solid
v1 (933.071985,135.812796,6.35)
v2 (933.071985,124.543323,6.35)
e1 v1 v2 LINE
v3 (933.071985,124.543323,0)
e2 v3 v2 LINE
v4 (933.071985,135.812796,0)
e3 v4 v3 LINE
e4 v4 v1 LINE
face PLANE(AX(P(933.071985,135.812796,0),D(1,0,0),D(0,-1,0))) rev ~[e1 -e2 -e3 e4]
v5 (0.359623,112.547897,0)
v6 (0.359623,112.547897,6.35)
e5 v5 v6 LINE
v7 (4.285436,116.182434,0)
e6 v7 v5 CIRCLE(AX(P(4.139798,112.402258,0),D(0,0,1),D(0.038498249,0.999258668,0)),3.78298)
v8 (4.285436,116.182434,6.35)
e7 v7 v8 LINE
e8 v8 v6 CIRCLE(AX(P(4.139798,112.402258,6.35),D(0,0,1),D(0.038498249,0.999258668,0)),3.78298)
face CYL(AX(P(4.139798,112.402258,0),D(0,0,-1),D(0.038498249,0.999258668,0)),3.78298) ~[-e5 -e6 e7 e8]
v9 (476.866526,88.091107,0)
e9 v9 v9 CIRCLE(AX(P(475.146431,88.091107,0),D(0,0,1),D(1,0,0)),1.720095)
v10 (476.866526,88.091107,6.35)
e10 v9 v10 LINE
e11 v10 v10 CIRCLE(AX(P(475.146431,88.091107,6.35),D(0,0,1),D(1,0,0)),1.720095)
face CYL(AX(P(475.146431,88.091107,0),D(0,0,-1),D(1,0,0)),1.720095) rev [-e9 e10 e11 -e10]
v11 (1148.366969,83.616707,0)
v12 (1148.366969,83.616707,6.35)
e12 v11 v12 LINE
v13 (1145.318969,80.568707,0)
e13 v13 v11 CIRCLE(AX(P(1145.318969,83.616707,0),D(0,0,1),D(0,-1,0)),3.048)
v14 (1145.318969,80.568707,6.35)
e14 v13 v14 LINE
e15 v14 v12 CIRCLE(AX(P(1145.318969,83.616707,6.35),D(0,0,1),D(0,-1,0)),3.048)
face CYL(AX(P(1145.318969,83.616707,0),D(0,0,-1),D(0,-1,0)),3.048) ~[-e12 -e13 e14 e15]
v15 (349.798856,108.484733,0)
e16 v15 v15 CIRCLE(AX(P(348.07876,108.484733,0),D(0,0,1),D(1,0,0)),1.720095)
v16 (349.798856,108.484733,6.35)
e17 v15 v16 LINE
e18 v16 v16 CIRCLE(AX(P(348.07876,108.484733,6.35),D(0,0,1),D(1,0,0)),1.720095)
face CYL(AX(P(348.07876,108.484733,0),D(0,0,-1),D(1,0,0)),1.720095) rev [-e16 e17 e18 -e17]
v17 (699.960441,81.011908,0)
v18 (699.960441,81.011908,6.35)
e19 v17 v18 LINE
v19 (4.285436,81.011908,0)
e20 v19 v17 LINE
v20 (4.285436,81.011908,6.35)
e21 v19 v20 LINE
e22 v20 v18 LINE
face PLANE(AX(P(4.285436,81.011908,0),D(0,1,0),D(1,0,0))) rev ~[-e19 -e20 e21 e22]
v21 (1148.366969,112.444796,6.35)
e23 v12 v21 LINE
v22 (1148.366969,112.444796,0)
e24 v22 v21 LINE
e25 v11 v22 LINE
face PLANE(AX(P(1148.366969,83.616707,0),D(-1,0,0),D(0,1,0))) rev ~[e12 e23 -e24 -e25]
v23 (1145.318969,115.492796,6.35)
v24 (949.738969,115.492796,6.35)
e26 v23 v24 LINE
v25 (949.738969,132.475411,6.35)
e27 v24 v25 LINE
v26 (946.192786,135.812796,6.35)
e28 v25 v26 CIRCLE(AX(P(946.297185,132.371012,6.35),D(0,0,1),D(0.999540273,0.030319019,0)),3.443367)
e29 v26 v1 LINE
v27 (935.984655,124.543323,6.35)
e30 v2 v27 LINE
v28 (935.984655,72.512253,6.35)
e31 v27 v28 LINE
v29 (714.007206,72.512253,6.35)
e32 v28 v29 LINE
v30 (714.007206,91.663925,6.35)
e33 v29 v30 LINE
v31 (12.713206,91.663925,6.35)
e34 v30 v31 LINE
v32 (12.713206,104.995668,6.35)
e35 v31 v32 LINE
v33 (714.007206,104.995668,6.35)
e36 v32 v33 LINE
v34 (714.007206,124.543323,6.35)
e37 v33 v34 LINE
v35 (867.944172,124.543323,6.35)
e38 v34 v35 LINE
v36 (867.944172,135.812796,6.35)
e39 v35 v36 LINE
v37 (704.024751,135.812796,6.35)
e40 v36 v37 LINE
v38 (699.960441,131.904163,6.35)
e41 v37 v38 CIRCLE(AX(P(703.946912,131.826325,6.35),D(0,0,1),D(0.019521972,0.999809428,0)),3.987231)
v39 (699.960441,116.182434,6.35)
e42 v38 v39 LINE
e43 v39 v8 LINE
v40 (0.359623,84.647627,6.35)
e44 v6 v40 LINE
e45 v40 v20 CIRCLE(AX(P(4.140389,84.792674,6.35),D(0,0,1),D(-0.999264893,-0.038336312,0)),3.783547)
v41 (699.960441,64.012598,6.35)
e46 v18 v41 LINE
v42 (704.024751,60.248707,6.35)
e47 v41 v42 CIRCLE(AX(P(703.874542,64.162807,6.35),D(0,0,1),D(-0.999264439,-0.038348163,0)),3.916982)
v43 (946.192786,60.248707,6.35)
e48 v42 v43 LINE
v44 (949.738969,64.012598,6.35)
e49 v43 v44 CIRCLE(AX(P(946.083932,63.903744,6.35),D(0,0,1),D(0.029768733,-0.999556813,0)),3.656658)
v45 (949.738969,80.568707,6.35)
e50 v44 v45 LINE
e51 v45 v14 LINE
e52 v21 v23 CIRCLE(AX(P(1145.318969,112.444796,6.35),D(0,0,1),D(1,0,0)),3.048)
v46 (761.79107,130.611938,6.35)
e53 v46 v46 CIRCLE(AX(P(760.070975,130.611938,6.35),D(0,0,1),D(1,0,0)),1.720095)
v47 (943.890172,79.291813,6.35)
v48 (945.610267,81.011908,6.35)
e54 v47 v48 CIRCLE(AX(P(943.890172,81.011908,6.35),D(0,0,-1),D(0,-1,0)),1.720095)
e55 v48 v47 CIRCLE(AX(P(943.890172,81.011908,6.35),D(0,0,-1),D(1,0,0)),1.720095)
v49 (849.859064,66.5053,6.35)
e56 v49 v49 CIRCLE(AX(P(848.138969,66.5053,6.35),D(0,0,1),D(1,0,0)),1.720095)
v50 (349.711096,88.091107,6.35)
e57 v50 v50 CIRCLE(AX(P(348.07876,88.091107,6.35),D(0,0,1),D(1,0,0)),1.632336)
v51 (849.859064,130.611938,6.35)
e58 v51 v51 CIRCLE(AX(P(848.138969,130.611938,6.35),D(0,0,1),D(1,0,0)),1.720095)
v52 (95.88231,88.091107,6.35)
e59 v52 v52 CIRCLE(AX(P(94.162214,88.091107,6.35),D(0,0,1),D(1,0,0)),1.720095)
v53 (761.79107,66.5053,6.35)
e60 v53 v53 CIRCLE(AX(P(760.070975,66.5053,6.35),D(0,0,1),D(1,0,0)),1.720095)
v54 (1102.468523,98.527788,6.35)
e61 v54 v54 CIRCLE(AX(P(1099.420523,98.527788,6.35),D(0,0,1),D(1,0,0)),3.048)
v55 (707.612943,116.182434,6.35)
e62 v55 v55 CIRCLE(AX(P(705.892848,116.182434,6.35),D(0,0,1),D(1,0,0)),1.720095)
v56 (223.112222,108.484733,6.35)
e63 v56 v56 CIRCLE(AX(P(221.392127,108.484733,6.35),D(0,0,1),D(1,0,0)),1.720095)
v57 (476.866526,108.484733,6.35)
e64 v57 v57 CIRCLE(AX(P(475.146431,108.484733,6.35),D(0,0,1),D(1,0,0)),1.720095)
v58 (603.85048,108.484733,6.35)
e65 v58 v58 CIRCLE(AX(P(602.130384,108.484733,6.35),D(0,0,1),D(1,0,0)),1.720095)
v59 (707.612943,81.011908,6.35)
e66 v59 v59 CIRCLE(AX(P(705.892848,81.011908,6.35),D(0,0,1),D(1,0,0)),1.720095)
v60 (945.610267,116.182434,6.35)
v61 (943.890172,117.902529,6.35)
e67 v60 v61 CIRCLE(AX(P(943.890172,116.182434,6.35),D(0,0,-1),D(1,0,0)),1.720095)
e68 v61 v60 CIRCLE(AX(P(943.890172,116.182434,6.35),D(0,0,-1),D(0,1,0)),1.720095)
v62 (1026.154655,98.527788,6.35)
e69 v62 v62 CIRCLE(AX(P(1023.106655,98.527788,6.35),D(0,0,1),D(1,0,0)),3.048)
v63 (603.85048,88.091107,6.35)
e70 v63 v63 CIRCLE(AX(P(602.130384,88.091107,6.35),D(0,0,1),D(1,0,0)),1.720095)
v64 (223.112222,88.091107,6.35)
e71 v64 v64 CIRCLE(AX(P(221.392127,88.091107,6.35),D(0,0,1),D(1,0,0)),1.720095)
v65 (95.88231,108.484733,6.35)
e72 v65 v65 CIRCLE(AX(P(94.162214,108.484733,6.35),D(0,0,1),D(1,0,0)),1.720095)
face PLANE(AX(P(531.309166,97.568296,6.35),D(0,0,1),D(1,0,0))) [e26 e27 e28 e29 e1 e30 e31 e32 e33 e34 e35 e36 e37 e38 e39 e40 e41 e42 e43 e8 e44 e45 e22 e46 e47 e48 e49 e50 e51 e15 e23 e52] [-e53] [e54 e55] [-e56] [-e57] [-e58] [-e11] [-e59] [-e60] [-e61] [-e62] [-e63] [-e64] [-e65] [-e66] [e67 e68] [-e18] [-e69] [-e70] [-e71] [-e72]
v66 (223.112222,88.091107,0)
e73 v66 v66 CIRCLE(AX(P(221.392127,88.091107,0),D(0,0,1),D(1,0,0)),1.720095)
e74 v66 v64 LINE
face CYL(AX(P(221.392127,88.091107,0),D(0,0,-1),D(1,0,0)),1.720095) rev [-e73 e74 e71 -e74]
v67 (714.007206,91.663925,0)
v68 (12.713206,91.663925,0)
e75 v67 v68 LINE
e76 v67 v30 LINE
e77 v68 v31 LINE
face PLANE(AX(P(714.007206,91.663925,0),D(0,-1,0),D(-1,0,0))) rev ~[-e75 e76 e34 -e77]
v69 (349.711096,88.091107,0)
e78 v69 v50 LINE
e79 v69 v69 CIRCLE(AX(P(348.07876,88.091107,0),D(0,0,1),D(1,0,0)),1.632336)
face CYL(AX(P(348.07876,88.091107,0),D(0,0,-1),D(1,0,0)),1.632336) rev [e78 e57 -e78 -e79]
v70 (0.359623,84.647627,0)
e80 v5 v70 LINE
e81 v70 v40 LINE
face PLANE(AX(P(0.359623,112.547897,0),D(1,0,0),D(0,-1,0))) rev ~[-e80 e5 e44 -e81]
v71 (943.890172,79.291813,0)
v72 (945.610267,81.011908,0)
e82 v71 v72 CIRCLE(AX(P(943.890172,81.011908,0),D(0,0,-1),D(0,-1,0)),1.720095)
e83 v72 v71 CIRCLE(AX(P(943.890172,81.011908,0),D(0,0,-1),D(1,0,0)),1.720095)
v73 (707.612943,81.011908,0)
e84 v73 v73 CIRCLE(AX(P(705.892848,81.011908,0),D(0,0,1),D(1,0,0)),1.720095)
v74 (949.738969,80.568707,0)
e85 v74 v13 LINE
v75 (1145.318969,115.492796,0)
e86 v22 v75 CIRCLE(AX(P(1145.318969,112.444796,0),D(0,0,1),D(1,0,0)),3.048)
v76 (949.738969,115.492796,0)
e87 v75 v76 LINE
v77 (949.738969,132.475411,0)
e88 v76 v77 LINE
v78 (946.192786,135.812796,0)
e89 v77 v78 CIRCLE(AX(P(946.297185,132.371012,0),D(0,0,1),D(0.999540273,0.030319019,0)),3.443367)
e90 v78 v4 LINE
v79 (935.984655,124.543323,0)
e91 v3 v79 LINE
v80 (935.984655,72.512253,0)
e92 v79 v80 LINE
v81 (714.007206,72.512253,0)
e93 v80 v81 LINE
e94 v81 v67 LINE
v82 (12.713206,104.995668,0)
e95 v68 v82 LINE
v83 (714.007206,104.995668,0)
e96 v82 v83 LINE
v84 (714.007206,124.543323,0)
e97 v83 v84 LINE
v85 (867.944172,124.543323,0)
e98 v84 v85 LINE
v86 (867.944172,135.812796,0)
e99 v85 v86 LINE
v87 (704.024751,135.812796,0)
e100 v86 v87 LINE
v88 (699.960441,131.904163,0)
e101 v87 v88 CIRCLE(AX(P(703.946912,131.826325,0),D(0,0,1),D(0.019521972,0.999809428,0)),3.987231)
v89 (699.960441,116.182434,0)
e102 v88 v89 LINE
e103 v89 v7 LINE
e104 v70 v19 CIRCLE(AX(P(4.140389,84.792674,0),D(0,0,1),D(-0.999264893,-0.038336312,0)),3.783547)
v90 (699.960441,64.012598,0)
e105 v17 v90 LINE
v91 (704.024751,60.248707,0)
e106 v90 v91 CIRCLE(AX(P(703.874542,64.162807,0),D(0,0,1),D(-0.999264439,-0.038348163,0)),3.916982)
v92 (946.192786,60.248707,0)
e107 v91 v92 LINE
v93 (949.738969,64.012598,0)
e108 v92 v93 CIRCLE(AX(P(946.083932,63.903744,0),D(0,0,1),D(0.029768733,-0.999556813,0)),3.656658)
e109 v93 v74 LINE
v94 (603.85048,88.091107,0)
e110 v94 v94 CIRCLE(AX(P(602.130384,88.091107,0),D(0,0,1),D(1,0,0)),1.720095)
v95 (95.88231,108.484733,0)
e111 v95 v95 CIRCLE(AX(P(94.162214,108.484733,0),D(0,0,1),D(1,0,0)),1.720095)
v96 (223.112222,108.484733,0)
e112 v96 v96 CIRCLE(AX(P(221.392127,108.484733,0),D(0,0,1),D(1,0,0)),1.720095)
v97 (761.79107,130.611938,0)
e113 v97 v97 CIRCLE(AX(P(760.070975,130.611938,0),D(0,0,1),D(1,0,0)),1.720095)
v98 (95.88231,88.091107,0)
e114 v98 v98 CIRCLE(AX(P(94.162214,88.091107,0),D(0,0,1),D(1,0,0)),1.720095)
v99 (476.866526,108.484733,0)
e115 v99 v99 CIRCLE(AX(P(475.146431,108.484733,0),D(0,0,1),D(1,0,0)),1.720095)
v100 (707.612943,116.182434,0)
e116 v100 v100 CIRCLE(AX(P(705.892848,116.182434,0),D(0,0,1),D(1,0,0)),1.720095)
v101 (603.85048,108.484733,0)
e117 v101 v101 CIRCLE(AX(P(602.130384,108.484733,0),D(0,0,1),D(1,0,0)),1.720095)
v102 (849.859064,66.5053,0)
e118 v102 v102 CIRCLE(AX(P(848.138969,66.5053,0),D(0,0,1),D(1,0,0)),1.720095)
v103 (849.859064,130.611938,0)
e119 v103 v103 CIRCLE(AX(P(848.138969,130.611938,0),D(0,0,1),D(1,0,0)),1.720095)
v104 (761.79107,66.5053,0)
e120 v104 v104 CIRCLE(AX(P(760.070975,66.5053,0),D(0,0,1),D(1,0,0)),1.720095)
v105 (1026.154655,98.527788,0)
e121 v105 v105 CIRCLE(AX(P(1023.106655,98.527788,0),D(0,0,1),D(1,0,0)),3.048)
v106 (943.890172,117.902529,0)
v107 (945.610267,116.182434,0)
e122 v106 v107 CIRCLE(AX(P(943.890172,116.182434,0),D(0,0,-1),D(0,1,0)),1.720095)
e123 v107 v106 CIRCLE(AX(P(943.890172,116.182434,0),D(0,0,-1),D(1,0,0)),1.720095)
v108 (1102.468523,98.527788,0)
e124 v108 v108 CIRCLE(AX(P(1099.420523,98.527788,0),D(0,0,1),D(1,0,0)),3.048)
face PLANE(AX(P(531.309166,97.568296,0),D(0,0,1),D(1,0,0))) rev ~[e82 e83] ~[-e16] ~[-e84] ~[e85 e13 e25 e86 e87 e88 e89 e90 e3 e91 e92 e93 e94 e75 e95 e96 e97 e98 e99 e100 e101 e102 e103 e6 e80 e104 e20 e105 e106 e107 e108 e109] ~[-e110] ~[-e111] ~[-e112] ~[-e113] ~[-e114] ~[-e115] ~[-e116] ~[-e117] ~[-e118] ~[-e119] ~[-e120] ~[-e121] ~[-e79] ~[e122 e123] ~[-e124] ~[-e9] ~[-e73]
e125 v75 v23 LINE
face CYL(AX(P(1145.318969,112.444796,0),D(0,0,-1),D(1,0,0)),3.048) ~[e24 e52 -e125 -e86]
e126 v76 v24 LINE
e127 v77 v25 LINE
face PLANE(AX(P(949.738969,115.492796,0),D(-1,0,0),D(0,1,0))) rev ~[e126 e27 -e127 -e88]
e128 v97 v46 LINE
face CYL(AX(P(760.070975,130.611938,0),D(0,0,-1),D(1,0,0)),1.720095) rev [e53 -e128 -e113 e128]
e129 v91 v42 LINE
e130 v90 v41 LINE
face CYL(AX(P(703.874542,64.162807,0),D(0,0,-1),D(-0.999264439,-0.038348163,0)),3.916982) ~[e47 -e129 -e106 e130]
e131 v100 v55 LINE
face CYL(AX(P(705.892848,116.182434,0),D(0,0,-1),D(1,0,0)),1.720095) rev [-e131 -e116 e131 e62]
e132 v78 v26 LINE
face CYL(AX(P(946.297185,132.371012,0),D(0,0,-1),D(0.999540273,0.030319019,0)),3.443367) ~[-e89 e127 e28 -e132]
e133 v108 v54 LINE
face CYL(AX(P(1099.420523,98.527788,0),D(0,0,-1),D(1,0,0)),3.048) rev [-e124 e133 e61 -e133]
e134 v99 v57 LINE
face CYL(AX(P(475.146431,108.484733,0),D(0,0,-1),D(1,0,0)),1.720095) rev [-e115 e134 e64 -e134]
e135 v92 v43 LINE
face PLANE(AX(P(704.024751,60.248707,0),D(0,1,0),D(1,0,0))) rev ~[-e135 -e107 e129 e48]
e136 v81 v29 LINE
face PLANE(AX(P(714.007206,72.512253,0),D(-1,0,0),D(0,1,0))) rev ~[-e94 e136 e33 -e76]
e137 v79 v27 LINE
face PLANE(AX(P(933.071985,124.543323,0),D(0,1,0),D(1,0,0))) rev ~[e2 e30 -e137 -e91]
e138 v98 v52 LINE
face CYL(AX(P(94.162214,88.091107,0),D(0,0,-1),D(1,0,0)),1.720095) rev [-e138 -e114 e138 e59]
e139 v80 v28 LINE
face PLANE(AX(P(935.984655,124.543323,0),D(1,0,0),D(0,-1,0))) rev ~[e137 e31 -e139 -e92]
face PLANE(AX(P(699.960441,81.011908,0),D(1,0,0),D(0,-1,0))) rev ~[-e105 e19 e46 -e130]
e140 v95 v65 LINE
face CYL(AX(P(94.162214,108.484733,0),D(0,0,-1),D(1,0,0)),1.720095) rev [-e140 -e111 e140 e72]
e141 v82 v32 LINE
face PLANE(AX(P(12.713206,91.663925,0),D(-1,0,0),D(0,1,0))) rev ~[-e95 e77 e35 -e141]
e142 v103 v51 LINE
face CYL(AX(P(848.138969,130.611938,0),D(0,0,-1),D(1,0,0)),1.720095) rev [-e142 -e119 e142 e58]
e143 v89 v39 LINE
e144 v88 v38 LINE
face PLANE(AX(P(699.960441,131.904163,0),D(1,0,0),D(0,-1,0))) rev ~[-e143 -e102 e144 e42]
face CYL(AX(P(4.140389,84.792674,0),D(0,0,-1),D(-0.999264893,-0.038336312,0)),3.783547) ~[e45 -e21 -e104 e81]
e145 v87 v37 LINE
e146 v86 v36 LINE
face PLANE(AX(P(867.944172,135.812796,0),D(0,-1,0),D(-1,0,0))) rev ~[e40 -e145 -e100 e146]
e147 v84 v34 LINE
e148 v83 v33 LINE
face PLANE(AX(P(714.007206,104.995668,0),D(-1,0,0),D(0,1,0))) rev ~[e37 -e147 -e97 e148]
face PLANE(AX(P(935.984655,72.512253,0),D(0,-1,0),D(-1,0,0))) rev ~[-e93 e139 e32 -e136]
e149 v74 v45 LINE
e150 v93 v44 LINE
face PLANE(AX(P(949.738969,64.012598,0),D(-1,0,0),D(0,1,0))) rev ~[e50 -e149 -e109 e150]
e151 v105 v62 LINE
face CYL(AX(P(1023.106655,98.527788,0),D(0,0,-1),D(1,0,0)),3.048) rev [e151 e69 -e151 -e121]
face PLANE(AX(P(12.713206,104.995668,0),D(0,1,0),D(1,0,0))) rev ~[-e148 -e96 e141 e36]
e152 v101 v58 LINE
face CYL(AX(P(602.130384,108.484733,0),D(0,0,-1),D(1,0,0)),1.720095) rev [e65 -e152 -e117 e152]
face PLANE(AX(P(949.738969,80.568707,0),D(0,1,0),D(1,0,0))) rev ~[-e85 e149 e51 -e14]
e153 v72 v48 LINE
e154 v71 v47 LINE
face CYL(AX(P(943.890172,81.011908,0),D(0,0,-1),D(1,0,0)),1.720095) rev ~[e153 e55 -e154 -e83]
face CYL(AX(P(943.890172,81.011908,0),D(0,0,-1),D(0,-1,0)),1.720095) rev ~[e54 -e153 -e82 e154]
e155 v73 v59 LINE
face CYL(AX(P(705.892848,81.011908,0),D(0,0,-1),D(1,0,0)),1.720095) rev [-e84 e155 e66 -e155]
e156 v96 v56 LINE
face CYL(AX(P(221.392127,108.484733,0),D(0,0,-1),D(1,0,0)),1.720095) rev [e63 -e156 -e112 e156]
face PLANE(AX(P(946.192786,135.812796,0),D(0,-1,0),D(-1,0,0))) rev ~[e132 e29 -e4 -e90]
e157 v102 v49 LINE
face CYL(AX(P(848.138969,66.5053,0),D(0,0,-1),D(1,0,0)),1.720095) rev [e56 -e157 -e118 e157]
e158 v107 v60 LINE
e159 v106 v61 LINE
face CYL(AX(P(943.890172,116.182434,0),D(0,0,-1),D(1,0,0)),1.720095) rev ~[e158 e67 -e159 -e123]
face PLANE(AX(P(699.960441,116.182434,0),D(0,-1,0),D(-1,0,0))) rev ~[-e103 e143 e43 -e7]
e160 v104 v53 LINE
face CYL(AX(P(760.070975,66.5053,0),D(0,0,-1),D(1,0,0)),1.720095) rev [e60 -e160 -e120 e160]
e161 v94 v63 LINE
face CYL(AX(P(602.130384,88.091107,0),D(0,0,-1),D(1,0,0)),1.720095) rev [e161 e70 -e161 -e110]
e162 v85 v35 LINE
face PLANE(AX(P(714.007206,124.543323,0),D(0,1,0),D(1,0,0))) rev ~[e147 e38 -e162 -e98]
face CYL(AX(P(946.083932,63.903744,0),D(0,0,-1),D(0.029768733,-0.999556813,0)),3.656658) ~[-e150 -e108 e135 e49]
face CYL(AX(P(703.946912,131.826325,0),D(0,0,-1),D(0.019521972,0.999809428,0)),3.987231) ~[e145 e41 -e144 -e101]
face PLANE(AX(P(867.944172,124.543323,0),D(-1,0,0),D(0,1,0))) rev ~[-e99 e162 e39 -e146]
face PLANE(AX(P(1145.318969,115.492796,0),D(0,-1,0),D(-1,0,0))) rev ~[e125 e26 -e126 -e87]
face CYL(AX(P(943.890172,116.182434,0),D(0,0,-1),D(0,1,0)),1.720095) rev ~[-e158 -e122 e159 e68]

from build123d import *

# Parameters (mm, degrees)
SKETCH1_R           = 1.720095417
SKETCH1_R_2         = 1.632335783
SKETCH1_R_3         = 3.048
BOSS_EXTRUDE1_DEPTH = 6.35


with BuildPart() as part:
    # Sketch1 → Boss-Extrude1 (new body)
    with BuildSketch(Plane.XY):
        with BuildLine():
            Line((0.359622665, 112.547896558), (0.359622665, 84.647626996))
            ThreePointArc((0.359622665, 84.647626996), (1.569547298, 82.016705042), (4.285435965, 81.011908201))
            Line((4.285435965, 81.011908201), (699.960441306, 81.011908201))
            Line((699.960441306, 81.011908201), (699.960441306, 64.012598058))
            ThreePointArc((699.960441306, 64.012598058), (701.213068629, 61.288906282), (704.024750828, 60.24870663))
            Line((704.024750828, 60.24870663), (943.890172073, 60.24870663))
            Line((943.890172073, 60.24870663), (946.192785632, 60.24870663))
            ThreePointArc((946.192785632, 60.24870663), (948.74540471, 61.39621374), (949.738968911, 64.012598058))
            Line((949.738968911, 64.012598058), (949.738968911, 80.56870663))
            Line((949.738968911, 80.56870663), (1145.318968911, 80.56870663))
            ThreePointArc((1145.318968911, 80.56870663), (1147.47423038, 81.461445161), (1148.366968911, 83.61670663))
            Line((1148.366968911, 83.61670663), (1148.366968911, 112.444795653))
            ThreePointArc((1148.366968911, 112.444795653), (1147.47423038, 114.600057122), (1145.318968911, 115.492795653))
            Line((1145.318968911, 115.492795653), (949.738968911, 115.492795653))
            Line((949.738968911, 115.492795653), (949.738968911, 132.475411377))
            ThreePointArc((949.738968911, 132.475411377), (948.657072186, 134.878542119), (946.192785632, 135.812795653))
            Line((946.192785632, 135.812795653), (943.890172073, 135.812795653))
            Line((943.890172073, 135.812795653), (933.071984653, 135.812795653))
            Line((933.071984653, 135.812795653), (933.071984653, 124.543323228))
            Line((933.071984653, 124.543323228), (935.984655082, 124.543323228))
            Line((935.984655082, 124.543323228), (935.984655082, 72.51225313))
            Line((935.984655082, 72.51225313), (714.00720644, 72.51225313))
            Line((714.00720644, 72.51225313), (714.00720644, 91.663924817))
            Line((714.00720644, 91.663924817), (12.71320644, 91.663924817))
            Line((12.71320644, 91.663924817), (12.71320644, 104.995667719))
            Line((12.71320644, 104.995667719), (714.00720644, 104.995667719))
            Line((714.00720644, 104.995667719), (714.00720644, 124.543323228))
            Line((714.00720644, 124.543323228), (867.944172073, 124.543323228))
            Line((867.944172073, 124.543323228), (867.944172073, 130.611938178))
            Line((867.944172073, 130.611938178), (867.944172073, 135.812795653))
            Line((867.944172073, 135.812795653), (704.024750828, 135.812795653))
            ThreePointArc((704.024750828, 135.812795653), (701.183091811, 134.700225562), (699.960441306, 131.904163347))
            Line((699.960441306, 131.904163347), (699.960441306, 116.18243367))
            Line((699.960441306, 116.18243367), (4.285435965, 116.18243367))
            ThreePointArc((4.285435965, 116.18243367), (1.569792033, 115.17822767), (0.359622665, 112.547896558))
        make_face()
        with Locations((94.1622142, 88.091107164)):
            Circle(SKETCH1_R, mode=Mode.SUBTRACT)
        with Locations((221.392126764, 88.091107164)):
            Circle(SKETCH1_R, mode=Mode.SUBTRACT)
        with Locations((348.078760153, 88.091107164)):
            Circle(SKETCH1_R_2, mode=Mode.SUBTRACT)
        with Locations((475.146430575, 88.091107164)):
            Circle(SKETCH1_R, mode=Mode.SUBTRACT)
        with Locations((760.070975046, 66.505299661)):
            Circle(SKETCH1_R, mode=Mode.SUBTRACT)
        with Locations((848.138968911, 66.505299661)):
            Circle(SKETCH1_R, mode=Mode.SUBTRACT)
        with Locations((705.892847696, 81.011908201)):
            Circle(SKETCH1_R, mode=Mode.SUBTRACT)
        with Locations((602.130384222, 88.091107164)):
            Circle(SKETCH1_R, mode=Mode.SUBTRACT)
        with BuildLine():
            ThreePointArc((945.610267489, 81.011908201), (945.106463206, 79.795617068), (943.890172073, 79.291812784))
            ThreePointArc((943.890172073, 79.291812784), (942.673880939, 82.228199334), (945.610267489, 81.011908201))
        make_face(mode=Mode.SUBTRACT)
        with Locations((94.1622142, 108.484732819)):
            Circle(SKETCH1_R, mode=Mode.SUBTRACT)
        with Locations((221.392126764, 108.484732819)):
            Circle(SKETCH1_R, mode=Mode.SUBTRACT)
        with Locations((348.078760153, 108.484732819)):
            Circle(SKETCH1_R, mode=Mode.SUBTRACT)
        with Locations((475.146430575, 108.484732819)):
            Circle(SKETCH1_R, mode=Mode.SUBTRACT)
        with Locations((602.130384222, 108.484732819)):
            Circle(SKETCH1_R, mode=Mode.SUBTRACT)
        with Locations((705.892847696, 116.18243367)):
            Circle(SKETCH1_R, mode=Mode.SUBTRACT)
        with Locations((1023.106655082, 98.527788179)):
            Circle(SKETCH1_R_3, mode=Mode.SUBTRACT)
        with Locations((1099.420523291, 98.527788179)):
            Circle(SKETCH1_R_3, mode=Mode.SUBTRACT)
        with BuildLine():
            ThreePointArc((945.610267489, 116.18243367), (942.673880939, 114.966142537), (943.890172073, 117.902529086))
            ThreePointArc((943.890172073, 117.902529086), (945.106463206, 117.398724803), (945.610267489, 116.18243367))
        make_face(mode=Mode.SUBTRACT)
        with Locations((760.070975046, 130.611938178)):
            Circle(SKETCH1_R, mode=Mode.SUBTRACT)
        with Locations((848.138968911, 130.611938178)):
            Circle(SKETCH1_R, mode=Mode.SUBTRACT)
    extrude(amount=BOSS_EXTRUDE1_DEPTH)


solid = part.part
